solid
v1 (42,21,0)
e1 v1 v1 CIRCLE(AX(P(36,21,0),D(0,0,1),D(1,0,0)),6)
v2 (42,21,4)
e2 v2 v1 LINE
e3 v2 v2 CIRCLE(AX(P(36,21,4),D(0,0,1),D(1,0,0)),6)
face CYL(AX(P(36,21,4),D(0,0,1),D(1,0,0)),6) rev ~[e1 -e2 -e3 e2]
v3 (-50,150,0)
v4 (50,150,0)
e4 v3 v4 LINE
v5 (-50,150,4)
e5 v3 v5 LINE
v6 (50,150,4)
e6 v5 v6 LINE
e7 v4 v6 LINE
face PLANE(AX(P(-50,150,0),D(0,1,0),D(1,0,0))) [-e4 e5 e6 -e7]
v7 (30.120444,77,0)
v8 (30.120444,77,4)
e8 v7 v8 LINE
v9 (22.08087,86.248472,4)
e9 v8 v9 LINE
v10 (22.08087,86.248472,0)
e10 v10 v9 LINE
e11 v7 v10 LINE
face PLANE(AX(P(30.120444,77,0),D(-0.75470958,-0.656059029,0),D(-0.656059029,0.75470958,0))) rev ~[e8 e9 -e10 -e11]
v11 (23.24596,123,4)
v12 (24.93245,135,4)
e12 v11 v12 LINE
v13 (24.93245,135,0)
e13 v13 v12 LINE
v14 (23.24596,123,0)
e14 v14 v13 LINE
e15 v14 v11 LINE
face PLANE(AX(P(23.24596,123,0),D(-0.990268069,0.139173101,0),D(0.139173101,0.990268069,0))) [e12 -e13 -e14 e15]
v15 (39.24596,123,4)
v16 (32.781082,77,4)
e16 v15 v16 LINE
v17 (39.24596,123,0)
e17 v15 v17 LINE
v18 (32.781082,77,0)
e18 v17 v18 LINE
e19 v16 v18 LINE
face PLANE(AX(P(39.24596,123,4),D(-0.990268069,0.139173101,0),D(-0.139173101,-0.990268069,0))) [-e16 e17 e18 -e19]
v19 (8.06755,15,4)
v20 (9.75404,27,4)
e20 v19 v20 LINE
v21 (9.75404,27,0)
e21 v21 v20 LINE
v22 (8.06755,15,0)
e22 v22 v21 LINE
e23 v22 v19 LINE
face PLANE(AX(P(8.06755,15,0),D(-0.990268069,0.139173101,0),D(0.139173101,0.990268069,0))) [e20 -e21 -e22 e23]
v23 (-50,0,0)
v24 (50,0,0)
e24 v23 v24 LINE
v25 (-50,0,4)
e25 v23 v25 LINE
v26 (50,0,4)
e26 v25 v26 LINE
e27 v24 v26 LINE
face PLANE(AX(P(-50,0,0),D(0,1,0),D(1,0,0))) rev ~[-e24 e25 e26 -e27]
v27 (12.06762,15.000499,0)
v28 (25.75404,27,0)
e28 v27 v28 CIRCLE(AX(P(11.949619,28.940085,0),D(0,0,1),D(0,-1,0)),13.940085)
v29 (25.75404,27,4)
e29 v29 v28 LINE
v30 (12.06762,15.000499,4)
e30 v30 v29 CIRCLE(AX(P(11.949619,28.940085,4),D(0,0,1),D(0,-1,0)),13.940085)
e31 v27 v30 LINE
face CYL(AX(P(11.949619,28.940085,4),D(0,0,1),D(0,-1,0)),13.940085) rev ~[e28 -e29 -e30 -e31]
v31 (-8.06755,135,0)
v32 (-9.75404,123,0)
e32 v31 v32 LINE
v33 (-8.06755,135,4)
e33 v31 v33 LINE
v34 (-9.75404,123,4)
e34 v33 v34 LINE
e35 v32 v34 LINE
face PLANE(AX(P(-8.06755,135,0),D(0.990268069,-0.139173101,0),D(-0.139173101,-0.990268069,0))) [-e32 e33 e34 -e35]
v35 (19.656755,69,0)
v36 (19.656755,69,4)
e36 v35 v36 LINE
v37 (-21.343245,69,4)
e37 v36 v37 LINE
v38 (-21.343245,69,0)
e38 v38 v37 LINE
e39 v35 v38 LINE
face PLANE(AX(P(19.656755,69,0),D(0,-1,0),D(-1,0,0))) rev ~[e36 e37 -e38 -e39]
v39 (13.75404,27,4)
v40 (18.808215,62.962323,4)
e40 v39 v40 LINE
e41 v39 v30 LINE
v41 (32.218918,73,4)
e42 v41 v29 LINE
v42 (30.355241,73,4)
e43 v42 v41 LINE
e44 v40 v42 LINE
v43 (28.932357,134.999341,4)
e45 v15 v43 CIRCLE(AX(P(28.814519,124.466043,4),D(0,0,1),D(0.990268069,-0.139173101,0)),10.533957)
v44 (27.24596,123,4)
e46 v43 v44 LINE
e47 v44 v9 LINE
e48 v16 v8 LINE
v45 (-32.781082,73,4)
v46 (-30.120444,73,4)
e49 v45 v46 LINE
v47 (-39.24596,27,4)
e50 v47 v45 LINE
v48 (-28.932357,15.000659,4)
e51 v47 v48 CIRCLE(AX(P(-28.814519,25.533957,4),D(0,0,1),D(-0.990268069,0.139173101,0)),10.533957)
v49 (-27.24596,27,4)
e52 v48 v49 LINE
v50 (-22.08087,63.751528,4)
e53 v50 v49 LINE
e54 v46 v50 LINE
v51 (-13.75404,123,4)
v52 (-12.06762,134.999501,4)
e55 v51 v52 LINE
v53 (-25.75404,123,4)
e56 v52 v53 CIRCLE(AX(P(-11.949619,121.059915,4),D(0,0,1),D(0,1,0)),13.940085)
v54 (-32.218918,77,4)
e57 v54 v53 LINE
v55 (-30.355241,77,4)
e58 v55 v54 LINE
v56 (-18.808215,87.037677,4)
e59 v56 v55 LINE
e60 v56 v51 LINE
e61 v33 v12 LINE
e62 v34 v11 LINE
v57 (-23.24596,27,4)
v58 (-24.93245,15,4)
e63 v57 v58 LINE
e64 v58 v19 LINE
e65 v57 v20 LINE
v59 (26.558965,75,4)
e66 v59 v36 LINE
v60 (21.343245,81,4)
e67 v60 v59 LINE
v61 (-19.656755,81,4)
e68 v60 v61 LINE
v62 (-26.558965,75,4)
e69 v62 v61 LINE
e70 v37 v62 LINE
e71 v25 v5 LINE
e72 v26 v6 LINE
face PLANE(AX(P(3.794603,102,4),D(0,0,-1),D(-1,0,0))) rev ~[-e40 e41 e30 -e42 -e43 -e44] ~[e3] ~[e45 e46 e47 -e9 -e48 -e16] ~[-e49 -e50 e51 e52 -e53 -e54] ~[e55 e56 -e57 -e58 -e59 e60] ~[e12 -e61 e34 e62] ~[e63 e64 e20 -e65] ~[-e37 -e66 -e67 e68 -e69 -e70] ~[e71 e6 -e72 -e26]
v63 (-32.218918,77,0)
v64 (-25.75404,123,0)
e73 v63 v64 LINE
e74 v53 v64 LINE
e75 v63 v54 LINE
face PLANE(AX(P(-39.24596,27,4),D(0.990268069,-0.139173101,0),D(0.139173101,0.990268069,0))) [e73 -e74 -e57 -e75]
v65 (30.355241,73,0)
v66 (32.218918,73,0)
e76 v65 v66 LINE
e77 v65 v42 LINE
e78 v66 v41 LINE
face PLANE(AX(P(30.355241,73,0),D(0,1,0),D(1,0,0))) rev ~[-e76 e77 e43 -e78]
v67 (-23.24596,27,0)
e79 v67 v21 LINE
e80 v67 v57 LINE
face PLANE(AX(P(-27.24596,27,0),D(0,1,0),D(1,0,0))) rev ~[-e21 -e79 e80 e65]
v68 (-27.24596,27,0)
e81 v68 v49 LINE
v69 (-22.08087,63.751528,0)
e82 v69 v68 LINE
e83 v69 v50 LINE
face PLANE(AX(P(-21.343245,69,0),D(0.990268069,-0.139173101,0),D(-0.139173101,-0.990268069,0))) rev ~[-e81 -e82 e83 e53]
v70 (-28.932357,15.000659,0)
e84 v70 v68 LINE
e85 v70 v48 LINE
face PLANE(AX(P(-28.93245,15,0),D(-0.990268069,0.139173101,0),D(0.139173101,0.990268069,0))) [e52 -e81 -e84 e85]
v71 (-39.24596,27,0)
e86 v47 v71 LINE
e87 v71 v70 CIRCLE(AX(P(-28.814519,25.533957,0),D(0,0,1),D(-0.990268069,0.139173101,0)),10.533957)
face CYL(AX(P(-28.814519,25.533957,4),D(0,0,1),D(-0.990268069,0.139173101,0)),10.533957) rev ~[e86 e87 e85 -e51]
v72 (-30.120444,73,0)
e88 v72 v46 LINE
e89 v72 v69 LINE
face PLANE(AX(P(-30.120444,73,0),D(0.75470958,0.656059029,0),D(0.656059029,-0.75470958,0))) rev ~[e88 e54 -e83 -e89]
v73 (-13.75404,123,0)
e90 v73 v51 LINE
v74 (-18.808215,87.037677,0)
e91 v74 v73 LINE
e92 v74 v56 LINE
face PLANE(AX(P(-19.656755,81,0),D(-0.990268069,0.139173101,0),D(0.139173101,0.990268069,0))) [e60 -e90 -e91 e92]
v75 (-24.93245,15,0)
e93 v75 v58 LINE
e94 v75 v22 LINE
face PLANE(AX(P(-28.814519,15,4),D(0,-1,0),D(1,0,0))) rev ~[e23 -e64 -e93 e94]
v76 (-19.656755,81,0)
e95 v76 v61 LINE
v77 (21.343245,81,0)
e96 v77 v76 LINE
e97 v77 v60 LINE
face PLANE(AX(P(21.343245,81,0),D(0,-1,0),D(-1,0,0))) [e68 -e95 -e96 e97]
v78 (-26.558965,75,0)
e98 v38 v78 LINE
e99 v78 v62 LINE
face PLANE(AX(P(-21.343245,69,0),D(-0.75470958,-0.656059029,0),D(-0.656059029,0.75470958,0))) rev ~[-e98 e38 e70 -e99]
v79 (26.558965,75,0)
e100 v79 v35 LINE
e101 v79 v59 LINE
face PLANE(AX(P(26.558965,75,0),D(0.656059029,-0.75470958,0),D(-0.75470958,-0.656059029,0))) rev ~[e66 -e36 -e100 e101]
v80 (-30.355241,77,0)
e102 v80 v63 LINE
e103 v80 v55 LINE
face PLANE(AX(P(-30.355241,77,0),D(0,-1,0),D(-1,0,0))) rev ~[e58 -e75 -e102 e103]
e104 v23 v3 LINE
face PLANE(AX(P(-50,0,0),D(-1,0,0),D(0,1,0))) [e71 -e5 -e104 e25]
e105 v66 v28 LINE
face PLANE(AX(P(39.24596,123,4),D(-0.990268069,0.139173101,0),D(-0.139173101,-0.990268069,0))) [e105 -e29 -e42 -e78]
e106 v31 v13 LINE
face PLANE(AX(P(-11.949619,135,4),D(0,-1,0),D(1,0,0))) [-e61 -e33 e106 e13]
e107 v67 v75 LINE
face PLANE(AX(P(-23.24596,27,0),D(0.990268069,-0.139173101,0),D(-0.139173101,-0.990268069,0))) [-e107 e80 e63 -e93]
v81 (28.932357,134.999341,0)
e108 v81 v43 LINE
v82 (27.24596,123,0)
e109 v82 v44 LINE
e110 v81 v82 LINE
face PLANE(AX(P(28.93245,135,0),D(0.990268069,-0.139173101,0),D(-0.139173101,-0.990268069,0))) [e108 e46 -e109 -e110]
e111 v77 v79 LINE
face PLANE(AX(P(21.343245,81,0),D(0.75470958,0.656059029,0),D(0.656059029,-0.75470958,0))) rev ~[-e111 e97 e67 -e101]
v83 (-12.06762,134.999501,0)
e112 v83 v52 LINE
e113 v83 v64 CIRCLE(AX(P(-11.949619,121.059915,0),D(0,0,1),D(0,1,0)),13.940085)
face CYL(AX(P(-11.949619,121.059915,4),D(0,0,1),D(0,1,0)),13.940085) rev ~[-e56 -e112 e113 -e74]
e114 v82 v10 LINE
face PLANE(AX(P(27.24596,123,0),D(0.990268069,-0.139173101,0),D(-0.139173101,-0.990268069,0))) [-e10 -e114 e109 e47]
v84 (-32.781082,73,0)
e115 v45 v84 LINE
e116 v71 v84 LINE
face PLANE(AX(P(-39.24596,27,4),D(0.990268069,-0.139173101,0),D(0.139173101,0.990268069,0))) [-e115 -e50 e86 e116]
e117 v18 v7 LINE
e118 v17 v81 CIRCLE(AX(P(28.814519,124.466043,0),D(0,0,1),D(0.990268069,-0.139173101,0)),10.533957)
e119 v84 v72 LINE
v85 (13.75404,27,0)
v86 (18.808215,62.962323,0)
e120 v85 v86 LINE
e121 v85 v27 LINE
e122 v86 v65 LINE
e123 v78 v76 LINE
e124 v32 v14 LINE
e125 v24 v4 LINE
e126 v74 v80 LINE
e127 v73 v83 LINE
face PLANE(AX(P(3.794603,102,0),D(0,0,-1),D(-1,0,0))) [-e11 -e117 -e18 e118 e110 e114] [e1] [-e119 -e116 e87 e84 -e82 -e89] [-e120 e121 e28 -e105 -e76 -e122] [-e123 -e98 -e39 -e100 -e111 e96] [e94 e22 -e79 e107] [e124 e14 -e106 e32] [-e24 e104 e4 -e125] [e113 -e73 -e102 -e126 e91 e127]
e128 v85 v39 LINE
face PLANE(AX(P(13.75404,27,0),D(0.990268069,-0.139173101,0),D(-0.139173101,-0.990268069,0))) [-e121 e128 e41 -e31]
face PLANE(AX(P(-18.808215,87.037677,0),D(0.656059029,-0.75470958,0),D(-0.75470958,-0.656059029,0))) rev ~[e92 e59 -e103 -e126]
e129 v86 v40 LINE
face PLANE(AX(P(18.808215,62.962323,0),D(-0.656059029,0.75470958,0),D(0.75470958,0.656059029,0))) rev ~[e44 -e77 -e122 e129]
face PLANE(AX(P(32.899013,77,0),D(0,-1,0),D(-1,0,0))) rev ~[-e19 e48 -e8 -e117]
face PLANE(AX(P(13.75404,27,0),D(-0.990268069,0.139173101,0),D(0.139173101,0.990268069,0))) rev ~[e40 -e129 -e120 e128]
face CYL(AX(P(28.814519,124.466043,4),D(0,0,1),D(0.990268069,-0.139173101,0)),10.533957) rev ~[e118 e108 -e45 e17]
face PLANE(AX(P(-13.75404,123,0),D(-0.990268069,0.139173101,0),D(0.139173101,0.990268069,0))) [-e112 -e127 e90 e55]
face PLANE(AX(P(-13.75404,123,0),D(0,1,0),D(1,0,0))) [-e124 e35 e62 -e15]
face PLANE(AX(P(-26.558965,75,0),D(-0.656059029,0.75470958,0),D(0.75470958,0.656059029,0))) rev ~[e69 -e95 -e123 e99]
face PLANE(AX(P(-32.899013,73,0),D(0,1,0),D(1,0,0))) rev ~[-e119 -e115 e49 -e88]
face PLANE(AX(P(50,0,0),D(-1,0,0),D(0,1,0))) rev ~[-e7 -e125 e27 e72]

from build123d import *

# Parameters (mm, degrees)
PAD002_DEPTH    = 4
SKETCH_W        = 100
SKETCH_H        = 150
PAD_DEPTH       = 4
POCKET_DEPTH    = 5
SKETCH002_R     = 6
POCKET001_DEPTH = 5
PAD001_DEPTH    = 4
PAD003_DEPTH    = 4


with BuildPart() as pad002:
    # Sketch004 → Pad002 (new body)
    with BuildSketch(Plane.XY):
        Polygon((-28.9324500821, 15), (-27.2459600657, 27), (-23.2459600657, 27), (-24.9324500821, 15), align=None)
        Polygon((13.7540399343, 27), (12.0675499179, 15), (8.0675499179, 15), (9.7540399343, 27), align=None)
        Polygon((-13.7540399343, 123), (-12.0675499179, 135), (-8.0675499179, 135), (-9.7540399343, 123), align=None)
        Polygon((28.9324500821, 135), (27.2459600657, 123), (23.2459600657, 123), (24.9324500821, 135), align=None)
    extrude(amount=PAD002_DEPTH)


with BuildPart() as pocket001:
    # Sketch → Pad (new body)
    with BuildSketch(Plane.XY):
        with Locations((0, 75)):
            Rectangle(SKETCH_W, SKETCH_H)
    extrude(amount=PAD_DEPTH)

    # Sketch001 → Pocket (cut)
    with BuildSketch(Plane.XY.offset(4)):
        with BuildLine():
            Line((-39.2459600657, 27), (-25.7540399343, 123))
            ThreePointArc((-11.9496190476, 135), (-21.0951375679, 131.5806307393), (-25.7540399343, 123))
            Line((-11.9496190476, 135), (28.8145192119, 135))
            ThreePointArc((39.2459600657, 123), (36.764597172, 131.3769407401), (28.8145192119, 135))
            Line((39.2459600657, 123), (25.7540399343, 27))
            ThreePointArc((11.9496190476, 15), (21.0951375679, 18.4193692607), (25.7540399343, 27))
            Line((-28.8145192119, 15), (11.9496190476, 15))
            ThreePointArc((-39.2459600657, 27), (-36.764597172, 18.6230592599), (-28.8145192119, 15))
        make_face()
    extrude(amount=-POCKET_DEPTH, mode=Mode.SUBTRACT)

    # Sketch002 → Pocket001 (cut)
    with BuildSketch(Plane.XY.offset(4)):
        with Locations((36, 21)):
            Circle(SKETCH002_R)
    extrude(amount=-POCKET001_DEPTH, mode=Mode.SUBTRACT)


with BuildPart() as pad001:
    # Sketch003 → Pad001 (new body)
    with BuildSketch(Plane.XY):
        Polygon((-27.2459600657, 27), (13.7540399343, 27), (19.6567549918, 69), (-21.3432450082, 69), align=None)
        Polygon((-13.7540399343, 123), (27.2459600657, 123), (21.3432450082, 81), (-19.6567549918, 81), align=None)
    extrude(amount=PAD001_DEPTH)


with BuildPart() as fusion:
    # Sketch005 → Pad003 (new body)
    with BuildSketch(Plane.XY):
        Polygon((-21.3432450082, 69), (-26.5589654351, 75), (-19.6567549918, 81), (-18.8082148769, 87.0376766418), (-30.3552409675, 77), (-32.3368492008, 77), (-32.8990125396, 73), (-30.1204439329, 73), (-22.0808696766, 63.7515277681), align=None)
        Polygon((21.3432450082, 81), (26.5589654351, 75), (19.6567549918, 69), (18.8082148769, 62.9623233582), (30.3552409675, 73), (32.3368492008, 73), (32.8990125396, 77), (30.1204439329, 77), (22.0808696766, 86.2484722319), align=None)
    extrude(amount=PAD003_DEPTH)

    # Fusion: union Pad002, Pocket001, Pad001
    add(pad002.part)
    add(pocket001.part)
    add(pad001.part)


solid = fusion.part
